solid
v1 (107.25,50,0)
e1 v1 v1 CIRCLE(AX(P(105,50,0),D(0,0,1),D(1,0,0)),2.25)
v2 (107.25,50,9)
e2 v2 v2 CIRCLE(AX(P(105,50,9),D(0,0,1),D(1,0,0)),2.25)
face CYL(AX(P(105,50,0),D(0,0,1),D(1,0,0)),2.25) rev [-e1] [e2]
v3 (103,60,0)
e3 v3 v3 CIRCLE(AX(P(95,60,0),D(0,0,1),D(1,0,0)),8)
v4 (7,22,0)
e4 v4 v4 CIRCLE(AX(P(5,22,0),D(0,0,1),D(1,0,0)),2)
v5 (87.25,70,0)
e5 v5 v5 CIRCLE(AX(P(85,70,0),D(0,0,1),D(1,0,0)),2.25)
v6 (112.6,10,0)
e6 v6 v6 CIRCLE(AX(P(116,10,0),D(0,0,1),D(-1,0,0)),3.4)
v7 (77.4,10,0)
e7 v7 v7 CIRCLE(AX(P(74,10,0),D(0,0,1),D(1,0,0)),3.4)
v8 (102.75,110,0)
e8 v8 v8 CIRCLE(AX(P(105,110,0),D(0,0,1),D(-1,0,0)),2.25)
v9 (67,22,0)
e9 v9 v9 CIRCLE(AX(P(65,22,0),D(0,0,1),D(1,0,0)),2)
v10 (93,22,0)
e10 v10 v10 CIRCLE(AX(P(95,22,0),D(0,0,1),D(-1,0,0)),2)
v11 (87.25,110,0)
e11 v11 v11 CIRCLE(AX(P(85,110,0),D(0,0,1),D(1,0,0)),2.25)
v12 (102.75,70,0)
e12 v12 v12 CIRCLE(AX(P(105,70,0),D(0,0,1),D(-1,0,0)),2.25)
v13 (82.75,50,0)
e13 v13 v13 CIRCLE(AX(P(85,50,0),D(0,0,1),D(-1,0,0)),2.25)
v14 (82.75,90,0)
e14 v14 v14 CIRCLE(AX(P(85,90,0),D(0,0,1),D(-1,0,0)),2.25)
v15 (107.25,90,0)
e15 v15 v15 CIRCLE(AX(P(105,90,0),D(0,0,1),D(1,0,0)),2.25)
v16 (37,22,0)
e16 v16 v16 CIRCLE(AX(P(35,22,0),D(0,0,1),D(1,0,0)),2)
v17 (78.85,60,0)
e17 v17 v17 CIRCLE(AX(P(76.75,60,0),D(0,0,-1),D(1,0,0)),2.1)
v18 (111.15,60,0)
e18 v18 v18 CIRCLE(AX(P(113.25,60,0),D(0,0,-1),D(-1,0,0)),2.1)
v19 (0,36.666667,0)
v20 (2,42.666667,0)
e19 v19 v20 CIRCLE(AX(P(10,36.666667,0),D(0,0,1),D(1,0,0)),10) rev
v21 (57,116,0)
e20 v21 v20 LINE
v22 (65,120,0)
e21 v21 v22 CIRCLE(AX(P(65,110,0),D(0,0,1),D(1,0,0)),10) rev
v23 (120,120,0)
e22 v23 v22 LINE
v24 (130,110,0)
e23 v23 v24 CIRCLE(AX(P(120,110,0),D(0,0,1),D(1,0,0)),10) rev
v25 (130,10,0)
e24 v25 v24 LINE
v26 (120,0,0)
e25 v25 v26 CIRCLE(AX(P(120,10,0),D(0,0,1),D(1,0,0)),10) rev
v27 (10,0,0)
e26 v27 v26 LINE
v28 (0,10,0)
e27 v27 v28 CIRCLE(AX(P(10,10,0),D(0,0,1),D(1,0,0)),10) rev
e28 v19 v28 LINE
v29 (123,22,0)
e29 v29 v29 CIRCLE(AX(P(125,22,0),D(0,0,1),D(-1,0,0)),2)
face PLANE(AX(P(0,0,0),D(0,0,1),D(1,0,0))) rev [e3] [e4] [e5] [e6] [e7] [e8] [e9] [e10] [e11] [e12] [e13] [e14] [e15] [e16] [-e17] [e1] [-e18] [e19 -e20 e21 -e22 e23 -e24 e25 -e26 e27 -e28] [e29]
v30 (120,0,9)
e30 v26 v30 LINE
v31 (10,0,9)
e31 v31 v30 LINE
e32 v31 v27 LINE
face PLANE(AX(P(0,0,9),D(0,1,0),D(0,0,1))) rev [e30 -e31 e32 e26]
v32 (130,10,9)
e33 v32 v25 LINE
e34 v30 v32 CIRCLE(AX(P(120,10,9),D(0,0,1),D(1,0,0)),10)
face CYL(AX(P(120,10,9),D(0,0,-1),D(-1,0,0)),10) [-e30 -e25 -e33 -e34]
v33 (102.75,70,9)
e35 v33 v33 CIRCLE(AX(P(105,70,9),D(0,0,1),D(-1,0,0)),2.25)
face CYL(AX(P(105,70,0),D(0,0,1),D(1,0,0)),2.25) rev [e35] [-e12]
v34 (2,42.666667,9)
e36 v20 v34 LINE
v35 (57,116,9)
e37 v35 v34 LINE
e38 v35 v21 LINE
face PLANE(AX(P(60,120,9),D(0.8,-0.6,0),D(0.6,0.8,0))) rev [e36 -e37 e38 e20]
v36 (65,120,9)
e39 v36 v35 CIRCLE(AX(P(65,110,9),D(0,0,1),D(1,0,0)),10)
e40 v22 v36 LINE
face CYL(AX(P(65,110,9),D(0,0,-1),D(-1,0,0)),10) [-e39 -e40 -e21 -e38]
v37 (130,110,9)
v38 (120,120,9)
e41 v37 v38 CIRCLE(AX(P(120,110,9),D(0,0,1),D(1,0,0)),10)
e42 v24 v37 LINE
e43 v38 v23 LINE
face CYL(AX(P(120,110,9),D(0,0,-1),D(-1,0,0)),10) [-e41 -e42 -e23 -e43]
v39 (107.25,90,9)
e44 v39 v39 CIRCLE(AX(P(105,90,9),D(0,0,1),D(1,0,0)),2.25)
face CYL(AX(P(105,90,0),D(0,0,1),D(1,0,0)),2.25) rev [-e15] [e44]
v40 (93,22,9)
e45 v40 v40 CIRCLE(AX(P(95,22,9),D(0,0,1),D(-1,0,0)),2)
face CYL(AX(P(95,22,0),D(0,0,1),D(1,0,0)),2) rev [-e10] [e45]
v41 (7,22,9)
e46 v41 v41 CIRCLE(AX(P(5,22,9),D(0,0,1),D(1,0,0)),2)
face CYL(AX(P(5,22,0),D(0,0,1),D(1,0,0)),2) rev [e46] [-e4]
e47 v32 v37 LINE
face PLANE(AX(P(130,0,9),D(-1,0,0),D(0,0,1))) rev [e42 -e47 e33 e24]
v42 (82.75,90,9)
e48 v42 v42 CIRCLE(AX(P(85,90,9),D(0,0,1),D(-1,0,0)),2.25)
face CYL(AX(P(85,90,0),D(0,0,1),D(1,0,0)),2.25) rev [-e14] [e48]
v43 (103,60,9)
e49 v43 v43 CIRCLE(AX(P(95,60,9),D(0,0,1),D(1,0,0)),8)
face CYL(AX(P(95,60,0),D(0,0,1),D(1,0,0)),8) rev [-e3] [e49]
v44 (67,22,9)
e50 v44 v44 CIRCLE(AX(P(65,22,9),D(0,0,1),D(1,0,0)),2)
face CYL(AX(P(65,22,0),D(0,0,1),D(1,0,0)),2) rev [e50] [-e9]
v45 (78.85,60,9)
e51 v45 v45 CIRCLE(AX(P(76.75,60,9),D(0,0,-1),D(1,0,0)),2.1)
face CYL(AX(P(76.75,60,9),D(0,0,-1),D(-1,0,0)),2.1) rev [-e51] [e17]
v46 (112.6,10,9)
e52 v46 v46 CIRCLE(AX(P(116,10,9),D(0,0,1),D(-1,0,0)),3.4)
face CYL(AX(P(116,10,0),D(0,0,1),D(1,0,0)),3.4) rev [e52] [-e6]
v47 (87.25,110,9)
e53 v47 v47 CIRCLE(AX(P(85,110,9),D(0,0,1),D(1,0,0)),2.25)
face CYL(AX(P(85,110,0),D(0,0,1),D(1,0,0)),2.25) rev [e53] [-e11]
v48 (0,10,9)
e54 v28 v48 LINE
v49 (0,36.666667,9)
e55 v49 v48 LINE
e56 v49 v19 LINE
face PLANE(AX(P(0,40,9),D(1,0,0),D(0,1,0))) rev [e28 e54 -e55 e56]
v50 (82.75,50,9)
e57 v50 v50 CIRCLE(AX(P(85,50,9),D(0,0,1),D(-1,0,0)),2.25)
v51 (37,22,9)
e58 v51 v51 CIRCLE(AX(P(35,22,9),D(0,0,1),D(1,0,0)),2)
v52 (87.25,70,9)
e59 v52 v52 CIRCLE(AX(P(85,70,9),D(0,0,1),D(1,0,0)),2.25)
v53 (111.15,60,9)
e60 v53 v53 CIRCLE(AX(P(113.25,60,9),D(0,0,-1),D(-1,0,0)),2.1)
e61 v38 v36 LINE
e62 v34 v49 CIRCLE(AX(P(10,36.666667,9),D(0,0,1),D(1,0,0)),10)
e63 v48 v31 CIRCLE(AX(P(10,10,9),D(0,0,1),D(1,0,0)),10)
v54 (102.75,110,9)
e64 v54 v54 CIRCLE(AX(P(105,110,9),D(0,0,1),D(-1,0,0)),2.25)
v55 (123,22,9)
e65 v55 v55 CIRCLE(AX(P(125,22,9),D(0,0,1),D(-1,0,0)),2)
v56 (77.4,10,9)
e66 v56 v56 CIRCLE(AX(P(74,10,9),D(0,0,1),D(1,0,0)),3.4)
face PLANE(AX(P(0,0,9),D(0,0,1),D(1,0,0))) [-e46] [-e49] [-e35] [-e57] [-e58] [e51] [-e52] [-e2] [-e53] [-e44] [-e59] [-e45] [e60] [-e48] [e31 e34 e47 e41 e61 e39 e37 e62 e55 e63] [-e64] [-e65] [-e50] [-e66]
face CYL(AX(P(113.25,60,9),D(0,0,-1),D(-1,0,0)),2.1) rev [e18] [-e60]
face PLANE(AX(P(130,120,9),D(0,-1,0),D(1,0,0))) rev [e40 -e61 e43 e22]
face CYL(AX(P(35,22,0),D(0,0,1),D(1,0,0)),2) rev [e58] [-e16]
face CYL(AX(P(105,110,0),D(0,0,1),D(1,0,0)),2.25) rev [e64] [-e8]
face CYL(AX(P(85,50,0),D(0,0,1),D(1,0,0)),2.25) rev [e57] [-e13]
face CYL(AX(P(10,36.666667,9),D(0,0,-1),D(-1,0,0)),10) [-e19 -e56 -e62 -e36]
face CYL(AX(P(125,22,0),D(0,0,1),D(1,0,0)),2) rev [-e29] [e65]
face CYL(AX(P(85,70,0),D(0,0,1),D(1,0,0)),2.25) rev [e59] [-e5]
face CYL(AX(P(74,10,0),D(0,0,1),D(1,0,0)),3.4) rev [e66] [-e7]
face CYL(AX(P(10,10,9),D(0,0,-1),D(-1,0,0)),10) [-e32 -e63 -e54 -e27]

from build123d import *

# Parameters (mm, degrees)
BOSS_EXTRU_1_DEPTH      = 9
ESQUISSE2_R             = 2
ESQUISSE2_R_2           = 2.25
ENL_V_MAT_EXTRU_1_DEPTH = 178.146831753
ESQUISSE3_R             = 8
ESQUISSE3_R_2           = 3.4
ENL_V_MAT_EXTRU_2_DEPTH = 178.146831753
CONG_1_R                = 10
ESQUISSE6_R             = 2.1
ENL_V_MAT_EXTRU_4_DEPTH = 178.146831753


with BuildPart() as part:
    # Esquisse1 → Boss.-Extru.1 (new body)
    with BuildSketch(Plane.XY):
        Polygon((0, 0), (130, 0), (130, 120), (60, 120), (0, 40), align=None)
    extrude(amount=BOSS_EXTRU_1_DEPTH)

    # Esquisse2 → Enlèv. mat.-Extru.1 (cut, through all)
    with BuildSketch(Plane.XY.offset(9)):
        with Locations((65, 22)):
            Circle(ESQUISSE2_R)
        with Locations((35, 22)):
            Circle(ESQUISSE2_R)
        with Locations((5, 22)):
            Circle(ESQUISSE2_R)
        with Locations(Location((125, 22, 0), (0, 0, 180))):
            Circle(ESQUISSE2_R)
        with Locations(Location((95, 22, 0), (0, 0, 180))):
            Circle(ESQUISSE2_R)
        with Locations((85, 110)):
            Circle(ESQUISSE2_R_2)
        with Locations(Location((85, 90, 0), (0, 0, 180))):
            Circle(ESQUISSE2_R_2)
        with Locations((105, 90)):
            Circle(ESQUISSE2_R_2)
        with Locations(Location((105, 110, 0), (0, 0, 180))):
            Circle(ESQUISSE2_R_2)
        with Locations((105, 50)):
            Circle(ESQUISSE2_R_2)
        with Locations(Location((105, 70, 0), (0, 0, 180))):
            Circle(ESQUISSE2_R_2)
        with Locations((85, 70)):
            Circle(ESQUISSE2_R_2)
        with Locations(Location((85, 50, 0), (0, 0, 180))):
            Circle(ESQUISSE2_R_2)
    extrude(amount=-ENL_V_MAT_EXTRU_1_DEPTH, mode=Mode.SUBTRACT)

    # Esquisse3 → Enlèv. mat.-Extru.2 (cut, through all)
    with BuildSketch(Plane.XY.offset(9)):
        with Locations((95, 60)):
            Circle(ESQUISSE3_R)
        with Locations((74, 10)):
            Circle(ESQUISSE3_R_2)
        with Locations(Location((116, 10, 0), (0, 0, 180))):
            Circle(ESQUISSE3_R_2)
    extrude(amount=-ENL_V_MAT_EXTRU_2_DEPTH, mode=Mode.SUBTRACT)

    # Congé1
    cong_1_edges = [part.edges().sort_by_distance(p)[0] for p in [
        (0, 40, 4.5),
        (60, 120, 4.5),
        (130, 120, 4.5),
        (130, 0, 4.5),
        (0, 0, 4.5),
    ]]
    fillet(cong_1_edges, radius=CONG_1_R)

    # Esquisse6 → Enlèv. mat.-Extru.4 (cut, through all)
    with BuildSketch(Plane(origin=(0, 0, 0), x_dir=(-1, 0, 0), z_dir=(0, 0, -1))):
        with Locations((-113.25, 60)):
            Circle(ESQUISSE6_R)
        with Locations(Location((-76.75, 60, 0), (0, 0, 180))):
            Circle(ESQUISSE6_R)
    extrude(amount=-ENL_V_MAT_EXTRU_4_DEPTH, mode=Mode.SUBTRACT)


solid = part.part
